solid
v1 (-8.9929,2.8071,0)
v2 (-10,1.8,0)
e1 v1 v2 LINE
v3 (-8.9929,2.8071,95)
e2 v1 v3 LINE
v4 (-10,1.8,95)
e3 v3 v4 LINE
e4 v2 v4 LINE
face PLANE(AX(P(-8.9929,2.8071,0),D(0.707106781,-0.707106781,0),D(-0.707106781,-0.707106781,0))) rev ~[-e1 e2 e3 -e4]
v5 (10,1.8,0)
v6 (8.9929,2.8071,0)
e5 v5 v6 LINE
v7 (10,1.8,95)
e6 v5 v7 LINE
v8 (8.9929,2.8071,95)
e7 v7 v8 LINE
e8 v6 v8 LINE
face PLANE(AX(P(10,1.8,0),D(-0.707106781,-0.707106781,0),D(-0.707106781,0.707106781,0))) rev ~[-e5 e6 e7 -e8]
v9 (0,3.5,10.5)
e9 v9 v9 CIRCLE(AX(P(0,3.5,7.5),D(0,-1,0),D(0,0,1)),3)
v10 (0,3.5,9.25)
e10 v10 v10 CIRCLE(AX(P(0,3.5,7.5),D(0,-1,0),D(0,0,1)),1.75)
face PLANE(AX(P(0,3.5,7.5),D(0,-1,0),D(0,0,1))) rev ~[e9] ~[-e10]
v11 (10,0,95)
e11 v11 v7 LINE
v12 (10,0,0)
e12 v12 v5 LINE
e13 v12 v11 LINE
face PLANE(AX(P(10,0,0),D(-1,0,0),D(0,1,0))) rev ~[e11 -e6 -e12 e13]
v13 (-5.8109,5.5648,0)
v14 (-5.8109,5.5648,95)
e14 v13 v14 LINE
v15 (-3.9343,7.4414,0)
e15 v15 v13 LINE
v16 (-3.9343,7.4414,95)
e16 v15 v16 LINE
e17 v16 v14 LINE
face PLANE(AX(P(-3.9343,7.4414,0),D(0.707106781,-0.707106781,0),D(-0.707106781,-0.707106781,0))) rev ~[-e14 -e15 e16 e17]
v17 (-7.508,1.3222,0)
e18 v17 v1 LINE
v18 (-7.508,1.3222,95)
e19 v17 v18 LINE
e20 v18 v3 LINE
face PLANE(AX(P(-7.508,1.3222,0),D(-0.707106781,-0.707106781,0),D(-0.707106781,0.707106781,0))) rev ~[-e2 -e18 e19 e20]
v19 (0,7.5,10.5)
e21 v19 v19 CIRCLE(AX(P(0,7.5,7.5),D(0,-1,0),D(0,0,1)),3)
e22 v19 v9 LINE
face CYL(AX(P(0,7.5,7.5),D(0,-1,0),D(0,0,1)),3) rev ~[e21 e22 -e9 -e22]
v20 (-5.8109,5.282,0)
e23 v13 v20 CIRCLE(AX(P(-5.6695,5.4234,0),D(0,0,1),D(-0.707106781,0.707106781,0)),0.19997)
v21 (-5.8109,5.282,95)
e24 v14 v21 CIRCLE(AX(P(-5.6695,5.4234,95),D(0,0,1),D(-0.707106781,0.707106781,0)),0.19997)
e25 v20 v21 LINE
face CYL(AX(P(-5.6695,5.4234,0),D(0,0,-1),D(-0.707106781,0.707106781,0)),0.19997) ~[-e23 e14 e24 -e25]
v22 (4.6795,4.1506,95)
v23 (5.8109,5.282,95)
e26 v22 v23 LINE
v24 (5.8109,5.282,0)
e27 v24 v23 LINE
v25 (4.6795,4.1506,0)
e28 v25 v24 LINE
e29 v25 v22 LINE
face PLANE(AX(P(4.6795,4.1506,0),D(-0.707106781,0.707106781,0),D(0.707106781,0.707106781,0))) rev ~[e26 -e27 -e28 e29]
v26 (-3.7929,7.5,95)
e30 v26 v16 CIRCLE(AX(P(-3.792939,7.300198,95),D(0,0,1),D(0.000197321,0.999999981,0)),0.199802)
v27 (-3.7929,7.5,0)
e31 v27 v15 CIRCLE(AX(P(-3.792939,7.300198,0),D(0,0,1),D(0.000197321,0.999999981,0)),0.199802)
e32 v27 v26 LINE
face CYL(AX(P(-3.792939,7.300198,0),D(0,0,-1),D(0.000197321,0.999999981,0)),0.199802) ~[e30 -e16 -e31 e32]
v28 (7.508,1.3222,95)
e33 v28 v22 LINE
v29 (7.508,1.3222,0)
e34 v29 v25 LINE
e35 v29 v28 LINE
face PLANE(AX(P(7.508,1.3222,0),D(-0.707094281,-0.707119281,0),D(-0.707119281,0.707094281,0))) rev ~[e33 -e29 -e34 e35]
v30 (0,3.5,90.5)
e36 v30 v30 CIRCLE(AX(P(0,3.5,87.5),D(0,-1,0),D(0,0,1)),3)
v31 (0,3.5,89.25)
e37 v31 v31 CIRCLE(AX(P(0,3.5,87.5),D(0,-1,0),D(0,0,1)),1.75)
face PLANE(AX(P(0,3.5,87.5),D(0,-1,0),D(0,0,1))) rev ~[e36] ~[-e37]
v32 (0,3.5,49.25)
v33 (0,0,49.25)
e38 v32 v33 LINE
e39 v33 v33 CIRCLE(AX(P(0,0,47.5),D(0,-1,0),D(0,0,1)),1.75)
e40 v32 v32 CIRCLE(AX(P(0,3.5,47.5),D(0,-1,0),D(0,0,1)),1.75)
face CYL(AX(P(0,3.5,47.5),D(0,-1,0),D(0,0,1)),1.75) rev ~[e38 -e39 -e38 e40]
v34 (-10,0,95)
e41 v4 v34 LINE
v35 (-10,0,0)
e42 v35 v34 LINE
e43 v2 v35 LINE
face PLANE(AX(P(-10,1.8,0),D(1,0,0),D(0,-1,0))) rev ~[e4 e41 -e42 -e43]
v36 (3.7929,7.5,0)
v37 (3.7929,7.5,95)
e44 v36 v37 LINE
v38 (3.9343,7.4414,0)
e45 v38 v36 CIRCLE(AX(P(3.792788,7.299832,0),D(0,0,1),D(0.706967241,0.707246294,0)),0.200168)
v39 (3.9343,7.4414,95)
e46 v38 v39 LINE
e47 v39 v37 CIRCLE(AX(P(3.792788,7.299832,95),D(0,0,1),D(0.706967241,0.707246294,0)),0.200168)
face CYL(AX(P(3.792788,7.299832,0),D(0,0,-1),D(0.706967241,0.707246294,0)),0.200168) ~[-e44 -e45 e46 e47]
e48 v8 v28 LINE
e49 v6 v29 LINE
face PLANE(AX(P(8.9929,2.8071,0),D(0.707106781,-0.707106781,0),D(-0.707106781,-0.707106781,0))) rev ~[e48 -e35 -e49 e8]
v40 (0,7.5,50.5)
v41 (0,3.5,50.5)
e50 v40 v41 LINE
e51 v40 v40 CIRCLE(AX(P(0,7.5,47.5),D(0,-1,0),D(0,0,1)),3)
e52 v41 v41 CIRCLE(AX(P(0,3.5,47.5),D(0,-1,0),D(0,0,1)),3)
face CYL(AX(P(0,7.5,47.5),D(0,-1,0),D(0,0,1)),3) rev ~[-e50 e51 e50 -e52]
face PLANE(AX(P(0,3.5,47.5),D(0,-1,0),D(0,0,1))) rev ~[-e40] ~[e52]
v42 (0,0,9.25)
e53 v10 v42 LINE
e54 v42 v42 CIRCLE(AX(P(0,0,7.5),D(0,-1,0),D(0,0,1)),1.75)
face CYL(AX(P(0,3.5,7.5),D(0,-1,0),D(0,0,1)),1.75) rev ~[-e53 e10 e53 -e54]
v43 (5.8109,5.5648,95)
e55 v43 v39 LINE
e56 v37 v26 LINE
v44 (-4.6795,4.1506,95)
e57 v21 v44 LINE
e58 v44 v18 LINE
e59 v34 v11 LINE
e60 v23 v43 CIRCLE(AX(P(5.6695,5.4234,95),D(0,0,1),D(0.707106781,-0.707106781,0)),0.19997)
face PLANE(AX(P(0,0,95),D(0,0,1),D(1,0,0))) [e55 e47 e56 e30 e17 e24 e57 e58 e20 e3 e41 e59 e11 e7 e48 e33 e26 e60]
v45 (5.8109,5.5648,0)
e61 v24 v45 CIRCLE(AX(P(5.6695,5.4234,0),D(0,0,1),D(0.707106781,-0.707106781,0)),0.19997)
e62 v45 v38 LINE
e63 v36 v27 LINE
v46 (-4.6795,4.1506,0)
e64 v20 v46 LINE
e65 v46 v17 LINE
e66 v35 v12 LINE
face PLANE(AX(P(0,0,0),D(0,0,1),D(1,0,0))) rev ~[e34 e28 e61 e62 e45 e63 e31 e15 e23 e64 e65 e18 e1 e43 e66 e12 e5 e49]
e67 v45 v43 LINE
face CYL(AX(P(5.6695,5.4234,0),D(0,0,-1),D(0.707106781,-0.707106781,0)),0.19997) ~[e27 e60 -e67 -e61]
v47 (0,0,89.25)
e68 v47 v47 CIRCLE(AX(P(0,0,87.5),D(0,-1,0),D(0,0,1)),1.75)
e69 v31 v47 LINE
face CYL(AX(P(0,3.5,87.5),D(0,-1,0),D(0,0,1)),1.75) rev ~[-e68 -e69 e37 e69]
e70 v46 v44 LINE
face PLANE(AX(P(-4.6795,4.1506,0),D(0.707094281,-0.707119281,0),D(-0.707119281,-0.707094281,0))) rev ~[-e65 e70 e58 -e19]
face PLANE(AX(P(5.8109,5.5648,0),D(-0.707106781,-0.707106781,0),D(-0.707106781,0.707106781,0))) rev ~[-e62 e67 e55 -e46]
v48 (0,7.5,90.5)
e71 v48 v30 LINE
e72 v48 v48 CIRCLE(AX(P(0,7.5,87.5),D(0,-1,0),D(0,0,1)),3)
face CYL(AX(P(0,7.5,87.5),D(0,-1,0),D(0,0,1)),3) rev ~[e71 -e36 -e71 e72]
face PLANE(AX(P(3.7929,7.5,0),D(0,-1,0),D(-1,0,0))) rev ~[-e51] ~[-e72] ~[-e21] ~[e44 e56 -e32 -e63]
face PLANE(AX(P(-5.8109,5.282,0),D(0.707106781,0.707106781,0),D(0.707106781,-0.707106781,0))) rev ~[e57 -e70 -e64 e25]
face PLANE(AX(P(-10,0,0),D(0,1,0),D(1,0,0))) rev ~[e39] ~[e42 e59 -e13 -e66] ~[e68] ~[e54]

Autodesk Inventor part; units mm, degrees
sketch "_____2" plane through (0, 0, 0) normal (0, 0, 1) x (1, 0, 0)
  line L0 (-10, 1.8) -> (-10, 0)
  line L1 (-10, 0) -> (10, 0)
  line L2 (10, 0) -> (10, 1.8)
  line L3 (10, 1.8) -> (8.9929, 2.8071)
  line L4 (8.9929, 2.8071) -> (7.508, 1.3222)
  line L5 (7.508, 1.3222) -> (4.6795, 4.1506)
  line L6 (4.6795, 4.1506) -> (5.8109, 5.282)
  arc A0 (5.8109, 5.282) -> (5.8109, 5.5648) centre (5.6695, 5.4234) ccw
  line L7 (5.8109, 5.5648) -> (3.9343, 7.4414)
  arc A1 (3.9343, 7.4414) -> (3.7929, 7.5) centre (3.7929, 7.3) ccw
  line L8 (3.7929, 7.5) -> (-3.7929, 7.5)
  arc A2 (-3.7929, 7.5) -> (-3.9343, 7.4414) centre (-3.7929, 7.3) ccw
  line L9 (-3.9343, 7.4414) -> (-5.8109, 5.5648)
  arc A3 (-5.8109, 5.5648) -> (-5.8109, 5.282) centre (-5.6695, 5.4234) ccw
  line L10 (-5.8109, 5.282) -> (-4.6795, 4.1506)
  line L11 (-4.6795, 4.1506) -> (-7.508, 1.3222)
  line L12 (-7.508, 1.3222) -> (-8.9929, 2.8071)
  line L13 (-8.9929, 2.8071) -> (-10, 1.8)
extrude "Extrusion1" add sketch "_____2" along normal blind 95
sketch "Sketch2" plane through (-3.7929, 7.5, 0) normal (0, 1, 0) x (1, 0, 0)
  point P0 (3.7929, -7.5)
hole "Hole1" at (0, 7.5, 7.5) direction (0, -1, 0) diameter 3.5 depth 7.5 counterbore diameter 6 counterbore depth 4
pattern_linear "Rectangular Pattern1" count 3 spacing 40 along (0, 0, 1) of "Hole1"
ref_plane "to_block_XY" through (0, 0, 47.5) normal (0, 0, 1) x (1, 0, 0)
ref_plane "to_block_YZ" through (0, 0, 47.5) normal (1, 0, 0) x (0, 1, 0)
ref_plane "to_block_ZX" through (0, 0, 47.5) normal (0, 1, 0) x (0, 0, 1)
ref_plane "to_block2_XY" through (0, 0, 47.5) normal (0, 0, 1) x (1, 0, 0)
ref_plane "to_block2_YZ" through (0, 0, 47.5) normal (1, 0, 0) x (0, 1, 0)
ref_plane "to_block2_ZX" through (0, 0, 47.5) normal (0, 1, 0) x (0, 0, 1)
properties part number "JKSGR10-95"
